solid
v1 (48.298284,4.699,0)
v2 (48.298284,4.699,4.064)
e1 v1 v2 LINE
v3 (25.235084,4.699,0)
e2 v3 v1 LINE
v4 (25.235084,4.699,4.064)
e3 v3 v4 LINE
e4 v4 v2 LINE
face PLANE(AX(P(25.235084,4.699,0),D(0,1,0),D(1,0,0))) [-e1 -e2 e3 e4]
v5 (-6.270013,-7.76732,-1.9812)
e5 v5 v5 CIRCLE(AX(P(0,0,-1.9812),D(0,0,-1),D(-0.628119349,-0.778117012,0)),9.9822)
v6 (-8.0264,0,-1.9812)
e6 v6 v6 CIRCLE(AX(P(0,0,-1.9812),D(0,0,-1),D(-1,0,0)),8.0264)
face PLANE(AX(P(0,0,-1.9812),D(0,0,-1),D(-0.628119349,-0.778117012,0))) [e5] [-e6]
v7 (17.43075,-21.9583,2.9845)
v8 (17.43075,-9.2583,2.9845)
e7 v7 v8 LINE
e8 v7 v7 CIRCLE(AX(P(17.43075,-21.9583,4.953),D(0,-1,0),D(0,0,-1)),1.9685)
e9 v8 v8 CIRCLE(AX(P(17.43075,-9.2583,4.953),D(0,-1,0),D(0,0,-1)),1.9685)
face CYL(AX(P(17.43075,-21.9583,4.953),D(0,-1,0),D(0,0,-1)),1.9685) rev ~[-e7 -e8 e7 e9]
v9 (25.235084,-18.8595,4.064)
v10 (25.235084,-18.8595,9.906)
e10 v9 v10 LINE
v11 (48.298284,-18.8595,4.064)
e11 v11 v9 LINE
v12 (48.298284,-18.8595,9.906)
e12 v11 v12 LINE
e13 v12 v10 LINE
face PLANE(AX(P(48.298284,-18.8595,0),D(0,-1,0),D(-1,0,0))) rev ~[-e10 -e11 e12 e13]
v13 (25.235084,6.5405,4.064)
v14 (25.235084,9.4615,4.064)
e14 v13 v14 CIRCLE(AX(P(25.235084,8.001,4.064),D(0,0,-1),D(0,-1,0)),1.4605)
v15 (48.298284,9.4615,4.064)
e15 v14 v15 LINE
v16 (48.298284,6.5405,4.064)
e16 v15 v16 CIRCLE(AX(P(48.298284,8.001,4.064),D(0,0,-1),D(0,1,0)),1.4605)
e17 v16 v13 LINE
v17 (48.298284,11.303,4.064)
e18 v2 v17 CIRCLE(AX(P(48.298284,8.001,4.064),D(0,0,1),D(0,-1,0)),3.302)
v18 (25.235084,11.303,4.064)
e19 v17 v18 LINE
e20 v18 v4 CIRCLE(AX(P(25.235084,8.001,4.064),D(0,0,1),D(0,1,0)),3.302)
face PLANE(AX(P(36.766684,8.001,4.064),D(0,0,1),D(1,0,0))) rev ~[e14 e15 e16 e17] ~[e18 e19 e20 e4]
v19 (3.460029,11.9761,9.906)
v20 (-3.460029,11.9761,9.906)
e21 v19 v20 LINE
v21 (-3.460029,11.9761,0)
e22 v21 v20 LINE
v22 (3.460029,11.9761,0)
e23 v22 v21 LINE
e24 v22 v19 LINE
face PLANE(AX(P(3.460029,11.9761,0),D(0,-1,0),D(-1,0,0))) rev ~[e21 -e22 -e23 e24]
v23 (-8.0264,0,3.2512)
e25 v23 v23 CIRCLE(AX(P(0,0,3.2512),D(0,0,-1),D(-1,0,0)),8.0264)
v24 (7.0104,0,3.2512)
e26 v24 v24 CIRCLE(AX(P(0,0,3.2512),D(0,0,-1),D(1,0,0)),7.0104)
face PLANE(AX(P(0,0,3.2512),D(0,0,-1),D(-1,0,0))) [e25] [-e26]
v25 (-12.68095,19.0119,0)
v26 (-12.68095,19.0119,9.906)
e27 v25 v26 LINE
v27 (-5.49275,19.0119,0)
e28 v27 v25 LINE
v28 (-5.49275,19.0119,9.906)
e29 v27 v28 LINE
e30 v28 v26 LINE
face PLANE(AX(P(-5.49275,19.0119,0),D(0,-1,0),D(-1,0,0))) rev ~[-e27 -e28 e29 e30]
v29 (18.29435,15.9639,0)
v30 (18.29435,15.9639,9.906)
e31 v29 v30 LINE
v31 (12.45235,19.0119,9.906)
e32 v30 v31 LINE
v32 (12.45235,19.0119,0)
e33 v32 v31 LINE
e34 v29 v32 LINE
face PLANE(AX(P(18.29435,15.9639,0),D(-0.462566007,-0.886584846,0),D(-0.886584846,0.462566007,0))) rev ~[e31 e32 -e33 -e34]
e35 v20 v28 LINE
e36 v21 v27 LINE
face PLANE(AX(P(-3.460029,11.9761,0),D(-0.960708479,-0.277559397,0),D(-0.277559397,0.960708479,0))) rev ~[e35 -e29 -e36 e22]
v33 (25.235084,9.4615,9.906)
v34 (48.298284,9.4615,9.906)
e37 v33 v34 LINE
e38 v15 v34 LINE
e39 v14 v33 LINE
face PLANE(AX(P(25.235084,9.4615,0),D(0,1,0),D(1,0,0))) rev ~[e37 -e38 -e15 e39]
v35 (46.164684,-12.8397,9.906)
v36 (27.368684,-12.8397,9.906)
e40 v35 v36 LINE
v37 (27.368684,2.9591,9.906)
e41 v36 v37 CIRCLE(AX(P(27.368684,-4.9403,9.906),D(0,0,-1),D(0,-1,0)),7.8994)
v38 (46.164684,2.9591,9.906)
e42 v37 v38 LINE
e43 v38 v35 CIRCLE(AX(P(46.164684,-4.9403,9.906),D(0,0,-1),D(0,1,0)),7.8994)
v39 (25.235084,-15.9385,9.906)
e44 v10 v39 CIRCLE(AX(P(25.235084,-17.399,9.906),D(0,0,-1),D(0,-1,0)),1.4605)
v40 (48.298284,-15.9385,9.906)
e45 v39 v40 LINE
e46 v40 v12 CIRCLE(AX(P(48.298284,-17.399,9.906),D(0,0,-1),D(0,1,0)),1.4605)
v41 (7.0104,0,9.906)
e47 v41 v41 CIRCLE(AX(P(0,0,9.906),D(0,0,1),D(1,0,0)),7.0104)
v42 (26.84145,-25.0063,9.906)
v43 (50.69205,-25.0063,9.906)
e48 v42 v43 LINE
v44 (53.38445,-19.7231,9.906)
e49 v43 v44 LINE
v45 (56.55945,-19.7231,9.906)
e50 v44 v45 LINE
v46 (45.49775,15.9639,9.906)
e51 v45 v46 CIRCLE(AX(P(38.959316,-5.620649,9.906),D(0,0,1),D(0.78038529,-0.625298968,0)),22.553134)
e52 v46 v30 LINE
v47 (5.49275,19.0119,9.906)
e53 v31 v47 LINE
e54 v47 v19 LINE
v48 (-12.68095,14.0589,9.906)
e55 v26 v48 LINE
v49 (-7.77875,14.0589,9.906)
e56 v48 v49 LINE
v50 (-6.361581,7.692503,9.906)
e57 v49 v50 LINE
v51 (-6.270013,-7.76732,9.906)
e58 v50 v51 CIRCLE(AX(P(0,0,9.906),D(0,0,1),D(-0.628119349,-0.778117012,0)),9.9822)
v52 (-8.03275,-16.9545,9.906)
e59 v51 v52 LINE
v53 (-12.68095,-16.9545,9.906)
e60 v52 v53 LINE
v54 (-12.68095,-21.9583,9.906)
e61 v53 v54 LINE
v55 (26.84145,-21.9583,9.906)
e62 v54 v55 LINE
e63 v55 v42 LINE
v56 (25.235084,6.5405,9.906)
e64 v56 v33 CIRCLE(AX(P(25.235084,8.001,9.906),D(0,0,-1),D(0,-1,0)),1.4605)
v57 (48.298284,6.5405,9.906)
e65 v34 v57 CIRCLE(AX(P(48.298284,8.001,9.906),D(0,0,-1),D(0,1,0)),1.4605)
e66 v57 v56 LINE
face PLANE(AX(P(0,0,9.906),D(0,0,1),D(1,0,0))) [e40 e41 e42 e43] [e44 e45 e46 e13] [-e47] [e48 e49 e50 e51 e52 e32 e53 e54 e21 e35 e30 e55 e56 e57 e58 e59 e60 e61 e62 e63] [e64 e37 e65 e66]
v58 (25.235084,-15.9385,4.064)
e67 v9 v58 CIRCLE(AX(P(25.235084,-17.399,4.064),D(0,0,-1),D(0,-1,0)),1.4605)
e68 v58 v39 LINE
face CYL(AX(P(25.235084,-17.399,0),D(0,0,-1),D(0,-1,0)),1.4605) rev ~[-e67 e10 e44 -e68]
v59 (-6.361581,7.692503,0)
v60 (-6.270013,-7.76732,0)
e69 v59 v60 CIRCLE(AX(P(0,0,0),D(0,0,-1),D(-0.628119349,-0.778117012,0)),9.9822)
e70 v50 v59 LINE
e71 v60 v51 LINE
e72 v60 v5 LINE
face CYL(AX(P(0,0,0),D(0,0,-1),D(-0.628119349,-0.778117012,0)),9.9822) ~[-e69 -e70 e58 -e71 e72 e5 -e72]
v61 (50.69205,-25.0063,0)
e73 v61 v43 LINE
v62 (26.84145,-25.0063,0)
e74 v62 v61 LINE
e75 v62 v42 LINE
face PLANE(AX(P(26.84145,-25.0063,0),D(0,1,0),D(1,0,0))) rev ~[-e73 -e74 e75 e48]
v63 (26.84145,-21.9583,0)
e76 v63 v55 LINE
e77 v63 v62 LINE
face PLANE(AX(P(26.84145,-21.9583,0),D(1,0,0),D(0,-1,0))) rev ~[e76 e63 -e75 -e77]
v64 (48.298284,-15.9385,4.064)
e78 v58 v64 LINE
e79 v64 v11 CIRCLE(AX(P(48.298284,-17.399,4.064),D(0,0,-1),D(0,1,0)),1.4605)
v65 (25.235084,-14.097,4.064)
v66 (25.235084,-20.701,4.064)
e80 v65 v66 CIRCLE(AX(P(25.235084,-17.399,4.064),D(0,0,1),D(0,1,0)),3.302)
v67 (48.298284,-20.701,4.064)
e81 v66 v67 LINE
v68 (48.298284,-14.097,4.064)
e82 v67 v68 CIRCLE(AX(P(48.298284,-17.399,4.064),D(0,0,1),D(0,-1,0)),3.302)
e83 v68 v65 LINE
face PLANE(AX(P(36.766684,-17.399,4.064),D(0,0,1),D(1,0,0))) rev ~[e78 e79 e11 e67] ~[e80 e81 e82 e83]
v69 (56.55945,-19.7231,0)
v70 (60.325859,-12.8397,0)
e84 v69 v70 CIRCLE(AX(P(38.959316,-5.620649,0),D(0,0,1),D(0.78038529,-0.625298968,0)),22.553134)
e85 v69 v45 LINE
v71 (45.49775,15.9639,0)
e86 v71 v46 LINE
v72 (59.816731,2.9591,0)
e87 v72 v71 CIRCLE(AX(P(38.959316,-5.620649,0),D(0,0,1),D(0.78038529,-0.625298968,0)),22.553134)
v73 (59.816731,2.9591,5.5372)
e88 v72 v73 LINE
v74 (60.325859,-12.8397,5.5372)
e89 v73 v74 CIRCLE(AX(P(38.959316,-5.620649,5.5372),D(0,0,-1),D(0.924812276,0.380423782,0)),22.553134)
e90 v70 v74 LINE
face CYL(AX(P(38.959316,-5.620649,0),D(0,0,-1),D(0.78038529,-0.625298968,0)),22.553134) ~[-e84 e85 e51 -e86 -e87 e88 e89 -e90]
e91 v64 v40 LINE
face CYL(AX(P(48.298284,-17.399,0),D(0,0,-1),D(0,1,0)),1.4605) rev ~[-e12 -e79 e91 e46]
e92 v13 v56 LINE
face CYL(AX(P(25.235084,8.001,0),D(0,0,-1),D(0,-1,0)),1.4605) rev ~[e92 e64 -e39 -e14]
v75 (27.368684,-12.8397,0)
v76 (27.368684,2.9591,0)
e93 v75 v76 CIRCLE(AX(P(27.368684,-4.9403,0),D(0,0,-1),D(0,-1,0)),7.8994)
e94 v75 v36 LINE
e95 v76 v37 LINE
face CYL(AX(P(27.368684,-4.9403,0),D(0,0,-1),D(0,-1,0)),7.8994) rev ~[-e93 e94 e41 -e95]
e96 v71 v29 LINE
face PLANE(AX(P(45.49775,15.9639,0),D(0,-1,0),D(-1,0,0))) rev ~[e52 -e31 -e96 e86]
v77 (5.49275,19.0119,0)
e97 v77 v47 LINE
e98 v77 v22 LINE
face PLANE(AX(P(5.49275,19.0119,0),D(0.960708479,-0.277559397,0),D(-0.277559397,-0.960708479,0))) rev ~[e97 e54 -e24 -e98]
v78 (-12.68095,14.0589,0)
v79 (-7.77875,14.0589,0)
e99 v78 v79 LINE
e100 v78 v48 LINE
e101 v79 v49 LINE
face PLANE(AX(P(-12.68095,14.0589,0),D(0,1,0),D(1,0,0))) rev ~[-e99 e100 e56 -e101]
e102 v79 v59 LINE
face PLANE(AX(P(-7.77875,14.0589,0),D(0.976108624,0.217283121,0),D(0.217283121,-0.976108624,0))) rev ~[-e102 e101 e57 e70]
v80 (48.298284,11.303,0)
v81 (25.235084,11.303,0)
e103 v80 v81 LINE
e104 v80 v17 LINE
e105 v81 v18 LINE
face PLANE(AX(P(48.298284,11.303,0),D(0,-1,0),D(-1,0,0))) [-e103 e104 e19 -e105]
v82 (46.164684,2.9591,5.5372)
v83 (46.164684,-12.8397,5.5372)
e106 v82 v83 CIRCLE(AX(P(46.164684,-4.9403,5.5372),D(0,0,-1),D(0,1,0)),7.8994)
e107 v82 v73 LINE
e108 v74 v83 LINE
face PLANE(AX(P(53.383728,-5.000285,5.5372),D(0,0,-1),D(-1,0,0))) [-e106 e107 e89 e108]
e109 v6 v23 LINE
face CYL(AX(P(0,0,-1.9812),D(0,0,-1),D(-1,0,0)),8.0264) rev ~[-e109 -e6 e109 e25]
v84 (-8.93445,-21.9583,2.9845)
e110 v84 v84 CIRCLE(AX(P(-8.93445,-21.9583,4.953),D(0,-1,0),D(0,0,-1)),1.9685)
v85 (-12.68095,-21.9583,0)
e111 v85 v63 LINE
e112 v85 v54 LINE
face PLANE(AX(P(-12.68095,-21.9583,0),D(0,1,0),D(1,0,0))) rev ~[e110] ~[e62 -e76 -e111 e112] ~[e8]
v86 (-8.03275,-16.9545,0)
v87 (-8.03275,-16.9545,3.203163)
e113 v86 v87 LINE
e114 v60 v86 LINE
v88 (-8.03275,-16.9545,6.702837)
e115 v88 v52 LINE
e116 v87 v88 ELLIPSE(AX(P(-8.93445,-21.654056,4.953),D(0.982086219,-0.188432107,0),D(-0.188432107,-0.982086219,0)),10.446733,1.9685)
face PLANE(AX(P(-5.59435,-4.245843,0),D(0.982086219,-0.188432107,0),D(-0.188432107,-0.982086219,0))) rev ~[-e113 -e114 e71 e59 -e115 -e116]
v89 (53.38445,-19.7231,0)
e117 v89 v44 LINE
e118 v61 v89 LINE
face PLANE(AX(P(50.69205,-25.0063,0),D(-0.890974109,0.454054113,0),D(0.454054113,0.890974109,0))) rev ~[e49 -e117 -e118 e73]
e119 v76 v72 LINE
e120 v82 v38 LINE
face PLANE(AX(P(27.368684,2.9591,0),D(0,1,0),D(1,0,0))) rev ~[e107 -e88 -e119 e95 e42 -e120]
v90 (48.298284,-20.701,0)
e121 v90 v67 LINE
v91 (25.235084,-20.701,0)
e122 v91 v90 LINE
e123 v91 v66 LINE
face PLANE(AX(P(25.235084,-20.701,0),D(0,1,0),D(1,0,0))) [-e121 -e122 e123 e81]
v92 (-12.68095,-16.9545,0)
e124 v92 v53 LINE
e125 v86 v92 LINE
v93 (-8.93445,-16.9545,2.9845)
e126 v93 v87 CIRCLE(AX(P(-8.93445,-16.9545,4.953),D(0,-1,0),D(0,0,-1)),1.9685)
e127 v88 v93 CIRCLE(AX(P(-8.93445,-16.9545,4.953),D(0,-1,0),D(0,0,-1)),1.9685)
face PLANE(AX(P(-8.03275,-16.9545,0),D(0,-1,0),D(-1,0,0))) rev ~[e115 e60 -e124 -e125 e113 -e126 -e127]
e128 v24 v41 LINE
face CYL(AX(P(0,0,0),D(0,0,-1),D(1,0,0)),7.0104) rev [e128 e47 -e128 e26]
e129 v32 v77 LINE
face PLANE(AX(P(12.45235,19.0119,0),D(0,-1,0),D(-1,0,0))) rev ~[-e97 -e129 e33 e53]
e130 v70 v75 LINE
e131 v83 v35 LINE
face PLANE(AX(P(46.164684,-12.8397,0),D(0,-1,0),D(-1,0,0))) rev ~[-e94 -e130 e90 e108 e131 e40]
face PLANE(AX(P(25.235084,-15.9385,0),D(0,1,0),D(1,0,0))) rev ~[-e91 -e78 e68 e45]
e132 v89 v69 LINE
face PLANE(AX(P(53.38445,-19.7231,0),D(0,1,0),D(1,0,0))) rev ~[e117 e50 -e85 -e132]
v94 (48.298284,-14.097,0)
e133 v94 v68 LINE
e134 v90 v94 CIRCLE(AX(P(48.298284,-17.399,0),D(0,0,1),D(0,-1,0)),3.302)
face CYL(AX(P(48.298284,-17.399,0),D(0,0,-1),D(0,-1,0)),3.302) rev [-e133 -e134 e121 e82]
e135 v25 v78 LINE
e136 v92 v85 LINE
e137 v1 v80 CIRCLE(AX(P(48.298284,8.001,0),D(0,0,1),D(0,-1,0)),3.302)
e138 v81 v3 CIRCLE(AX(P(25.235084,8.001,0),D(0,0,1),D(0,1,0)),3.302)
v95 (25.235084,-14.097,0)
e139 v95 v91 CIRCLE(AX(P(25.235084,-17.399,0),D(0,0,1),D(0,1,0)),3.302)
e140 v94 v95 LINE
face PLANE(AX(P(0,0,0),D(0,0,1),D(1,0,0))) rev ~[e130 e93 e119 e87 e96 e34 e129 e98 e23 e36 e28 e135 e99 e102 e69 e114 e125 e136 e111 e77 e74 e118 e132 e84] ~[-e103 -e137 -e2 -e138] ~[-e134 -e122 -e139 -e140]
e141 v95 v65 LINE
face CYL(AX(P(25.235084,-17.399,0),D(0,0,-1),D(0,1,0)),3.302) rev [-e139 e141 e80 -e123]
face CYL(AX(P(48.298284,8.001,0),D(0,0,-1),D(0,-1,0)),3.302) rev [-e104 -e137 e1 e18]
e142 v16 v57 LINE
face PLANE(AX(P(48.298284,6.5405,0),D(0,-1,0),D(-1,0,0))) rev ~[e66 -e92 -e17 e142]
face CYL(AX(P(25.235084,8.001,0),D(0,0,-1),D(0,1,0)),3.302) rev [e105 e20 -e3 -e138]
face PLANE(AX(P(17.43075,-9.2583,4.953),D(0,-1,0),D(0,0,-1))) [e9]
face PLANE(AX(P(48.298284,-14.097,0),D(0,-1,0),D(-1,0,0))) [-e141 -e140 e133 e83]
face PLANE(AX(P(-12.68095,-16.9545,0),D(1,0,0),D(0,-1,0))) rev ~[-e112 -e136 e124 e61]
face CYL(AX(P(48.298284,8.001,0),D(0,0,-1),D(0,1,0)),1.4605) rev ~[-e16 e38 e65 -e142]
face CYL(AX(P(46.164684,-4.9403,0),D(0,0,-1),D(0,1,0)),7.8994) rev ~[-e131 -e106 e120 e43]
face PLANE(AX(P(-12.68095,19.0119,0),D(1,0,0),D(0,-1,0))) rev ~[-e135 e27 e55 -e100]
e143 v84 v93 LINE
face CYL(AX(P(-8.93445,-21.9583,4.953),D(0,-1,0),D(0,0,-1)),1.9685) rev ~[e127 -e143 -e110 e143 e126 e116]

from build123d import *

# Parameters (mm, degrees)
SKETCH1_R           = 7.0231
SKETCH1_R_2         = 7.0104
BOSS_EXTRUDE2_DEPTH = 9.906
SKETCH2_R           = 9.9822
SKETCH2_R_2         = 4.98475
BOSS_EXTRUDE3_DEPTH = 1.9812
SKETCH4_R           = 9.9822
SKETCH4_R_2         = 7.0231
BOSS_EXTRUDE4_DEPTH = 9.906
SKETCH5_R           = 8.0264
CUT_EXTRUDE1_DEPTH  = 5.2324
CUT_EXTRUDE2_DEPTH  = 5.5372
SKETCH7_R           = 1.9685
CUT_EXTRUDE3_DEPTH  = 12.7
CUT_EXTRUDE4_DEPTH  = 4.064


with BuildPart() as part:
    # Sketch1 → Boss-Extrude2 (new body)
    # profile 1 of 2: a face of its own
    with BuildSketch(Plane.XY):
        with BuildLine():
            Line((-7.77875, 14.0589), (-5.59435, 4.245842871))
            ThreePointArc((-5.59435, 4.245842871), (2.239894431, 6.65633582), (7.0231, 0))
            ThreePointArc((7.0231, 0), (2.239894431, -6.65633582), (-5.59435, -4.245842871))
            Line((-5.59435, -4.245842871), (-8.03275, -16.9545))
            Line((-8.03275, -16.9545), (-12.68095, -16.9545))
            Line((-12.68095, -16.9545), (-12.68095, -21.9583))
            Line((-12.68095, -21.9583), (26.84145, -21.9583))
            Line((26.84145, -21.9583), (26.84145, -25.0063))
            Line((26.84145, -25.0063), (50.69205, -25.0063))
            Line((50.69205, -25.0063), (53.38445, -19.7231))
            Line((53.38445, -19.7231), (56.55945, -19.7231))
            ThreePointArc((56.55945, -19.7231), (60.50132397, 1.056607323), (45.49775, 15.9639))
            Line((45.49775, 15.9639), (18.29435, 15.9639))
            Line((18.29435, 15.9639), (12.45235, 19.0119))
            Line((12.45235, 19.0119), (5.49275, 19.0119))
            Line((5.49275, 19.0119), (3.460028891, 11.9761))
            Line((3.460028891, 11.9761), (-3.460028891, 11.9761))
            Line((-3.460028891, 11.9761), (-5.49275, 19.0119))
            Line((-5.49275, 19.0119), (-12.68095, 19.0119))
            Line((-12.68095, 19.0119), (-12.68095, 14.0589))
            Line((-12.68095, 14.0589), (-7.77875, 14.0589))
        make_face()
        with BuildLine():
            ThreePointArc((25.235083599, -18.8595), (23.774583599, -17.399), (25.235083599, -15.9385))
            Line((25.235083599, -15.9385), (48.298283599, -15.9385))
            ThreePointArc((48.298283599, -15.9385), (49.758783599, -17.399), (48.298283599, -18.8595))
            Line((48.298283599, -18.8595), (25.235083599, -18.8595))
        make_face(mode=Mode.SUBTRACT)
        with BuildLine():
            ThreePointArc((27.368683599, -12.8397), (19.469283599, -4.9403), (27.368683599, 2.9591))
            Line((27.368683599, 2.9591), (46.164683599, 2.9591))
            ThreePointArc((46.164683599, 2.9591), (54.064083599, -4.9403), (46.164683599, -12.8397))
            Line((46.164683599, -12.8397), (27.368683599, -12.8397))
        make_face(mode=Mode.SUBTRACT)
        with BuildLine():
            ThreePointArc((25.235083599, 6.5405), (23.774583599, 8.001), (25.235083599, 9.4615))
            Line((25.235083599, 9.4615), (48.298283599, 9.4615))
            ThreePointArc((48.298283599, 9.4615), (49.758783599, 8.001), (48.298283599, 6.5405))
            Line((48.298283599, 6.5405), (25.235083599, 6.5405))
        make_face(mode=Mode.SUBTRACT)
    # profile 2 of 2: a face of its own
    with BuildSketch(Plane.XY):
        Circle(SKETCH1_R)
        Circle(SKETCH1_R_2, mode=Mode.SUBTRACT)
    extrude(amount=BOSS_EXTRUDE2_DEPTH)

    # Sketch2 → Boss-Extrude3 (add)
    with BuildSketch(Plane(origin=(0, 0, 0), x_dir=(-1, 0, 0), z_dir=(0, 0, -1))):
        with Locations(Location((0, 0, 0), (0, 0, 308.91150739))):
            Circle(SKETCH2_R)
        Circle(SKETCH2_R_2, mode=Mode.SUBTRACT)
    extrude(amount=BOSS_EXTRUDE3_DEPTH)

    # Sketch4 → Boss-Extrude4 (add)
    with BuildSketch(Plane.XY):
        with Locations(Location((0, 0, 0), (0, 0, 231.08849261))):
            Circle(SKETCH4_R)
        Circle(SKETCH4_R_2, mode=Mode.SUBTRACT)
    extrude(amount=BOSS_EXTRUDE4_DEPTH)

    # Sketch5 → Cut-Extrude1 (cut)
    with BuildSketch(Plane(origin=(0, 0, -1.9812), x_dir=(-1, 0, 0), z_dir=(0, 0, -1))):
        Circle(SKETCH5_R)
    extrude(amount=-CUT_EXTRUDE1_DEPTH, mode=Mode.SUBTRACT)

    # Sketch6 → Cut-Extrude2 (cut)
    with BuildSketch(Plane(origin=(0, 0, 0), x_dir=(-1, 0, 0), z_dir=(0, 0, -1))):
        with BuildLine():
            Line((-46.164683599, 2.9591), (-59.816731187, 2.9591))
            ThreePointArc((-59.816731187, 2.9591), (-61.500748438, -4.894234845), (-60.325858759, -12.8397))
            Line((-60.325858759, -12.8397), (-46.164683599, -12.8397))
            Line((-46.164683599, -12.8397), (-46.164683599, 2.9591))
        make_face()
    extrude(amount=-CUT_EXTRUDE2_DEPTH, mode=Mode.SUBTRACT)

    # Sketch7 → Cut-Extrude3 (cut)
    with BuildSketch(Plane.XZ.offset(21.9583)):
        with Locations(Location((-8.93445, 4.953, 0), (0, 0, 270))):
            Circle(SKETCH7_R)
        with Locations(Location((17.43075, 4.953, 0), (0, 0, 270))):
            Circle(SKETCH7_R)
    extrude(amount=-CUT_EXTRUDE3_DEPTH, mode=Mode.SUBTRACT)

    # Sketch8 → Cut-Extrude4 (cut)
    with BuildSketch(Plane(origin=(0, 0, 0), x_dir=(-1, 0, 0), z_dir=(0, 0, -1))):
        with BuildLine():
            Line((-48.298283599, 11.303), (-25.235083599, 11.303))
            ThreePointArc((-25.235083599, 11.303), (-21.933083599, 8.001), (-25.235083599, 4.699))
            Line((-25.235083599, 4.699), (-48.298283599, 4.699))
            ThreePointArc((-48.298283599, 4.699), (-51.600283599, 8.001), (-48.298283599, 11.303))
        make_face()
        with BuildLine():
            Line((-48.298283599, -14.097), (-25.235083599, -14.097))
            ThreePointArc((-25.235083599, -14.097), (-21.933083599, -17.399), (-25.235083599, -20.701))
            Line((-25.235083599, -20.701), (-48.298283599, -20.701))
            ThreePointArc((-48.298283599, -20.701), (-51.600283599, -17.399), (-48.298283599, -14.097))
        make_face()
    extrude(amount=-CUT_EXTRUDE4_DEPTH, mode=Mode.SUBTRACT)


solid = part.part
